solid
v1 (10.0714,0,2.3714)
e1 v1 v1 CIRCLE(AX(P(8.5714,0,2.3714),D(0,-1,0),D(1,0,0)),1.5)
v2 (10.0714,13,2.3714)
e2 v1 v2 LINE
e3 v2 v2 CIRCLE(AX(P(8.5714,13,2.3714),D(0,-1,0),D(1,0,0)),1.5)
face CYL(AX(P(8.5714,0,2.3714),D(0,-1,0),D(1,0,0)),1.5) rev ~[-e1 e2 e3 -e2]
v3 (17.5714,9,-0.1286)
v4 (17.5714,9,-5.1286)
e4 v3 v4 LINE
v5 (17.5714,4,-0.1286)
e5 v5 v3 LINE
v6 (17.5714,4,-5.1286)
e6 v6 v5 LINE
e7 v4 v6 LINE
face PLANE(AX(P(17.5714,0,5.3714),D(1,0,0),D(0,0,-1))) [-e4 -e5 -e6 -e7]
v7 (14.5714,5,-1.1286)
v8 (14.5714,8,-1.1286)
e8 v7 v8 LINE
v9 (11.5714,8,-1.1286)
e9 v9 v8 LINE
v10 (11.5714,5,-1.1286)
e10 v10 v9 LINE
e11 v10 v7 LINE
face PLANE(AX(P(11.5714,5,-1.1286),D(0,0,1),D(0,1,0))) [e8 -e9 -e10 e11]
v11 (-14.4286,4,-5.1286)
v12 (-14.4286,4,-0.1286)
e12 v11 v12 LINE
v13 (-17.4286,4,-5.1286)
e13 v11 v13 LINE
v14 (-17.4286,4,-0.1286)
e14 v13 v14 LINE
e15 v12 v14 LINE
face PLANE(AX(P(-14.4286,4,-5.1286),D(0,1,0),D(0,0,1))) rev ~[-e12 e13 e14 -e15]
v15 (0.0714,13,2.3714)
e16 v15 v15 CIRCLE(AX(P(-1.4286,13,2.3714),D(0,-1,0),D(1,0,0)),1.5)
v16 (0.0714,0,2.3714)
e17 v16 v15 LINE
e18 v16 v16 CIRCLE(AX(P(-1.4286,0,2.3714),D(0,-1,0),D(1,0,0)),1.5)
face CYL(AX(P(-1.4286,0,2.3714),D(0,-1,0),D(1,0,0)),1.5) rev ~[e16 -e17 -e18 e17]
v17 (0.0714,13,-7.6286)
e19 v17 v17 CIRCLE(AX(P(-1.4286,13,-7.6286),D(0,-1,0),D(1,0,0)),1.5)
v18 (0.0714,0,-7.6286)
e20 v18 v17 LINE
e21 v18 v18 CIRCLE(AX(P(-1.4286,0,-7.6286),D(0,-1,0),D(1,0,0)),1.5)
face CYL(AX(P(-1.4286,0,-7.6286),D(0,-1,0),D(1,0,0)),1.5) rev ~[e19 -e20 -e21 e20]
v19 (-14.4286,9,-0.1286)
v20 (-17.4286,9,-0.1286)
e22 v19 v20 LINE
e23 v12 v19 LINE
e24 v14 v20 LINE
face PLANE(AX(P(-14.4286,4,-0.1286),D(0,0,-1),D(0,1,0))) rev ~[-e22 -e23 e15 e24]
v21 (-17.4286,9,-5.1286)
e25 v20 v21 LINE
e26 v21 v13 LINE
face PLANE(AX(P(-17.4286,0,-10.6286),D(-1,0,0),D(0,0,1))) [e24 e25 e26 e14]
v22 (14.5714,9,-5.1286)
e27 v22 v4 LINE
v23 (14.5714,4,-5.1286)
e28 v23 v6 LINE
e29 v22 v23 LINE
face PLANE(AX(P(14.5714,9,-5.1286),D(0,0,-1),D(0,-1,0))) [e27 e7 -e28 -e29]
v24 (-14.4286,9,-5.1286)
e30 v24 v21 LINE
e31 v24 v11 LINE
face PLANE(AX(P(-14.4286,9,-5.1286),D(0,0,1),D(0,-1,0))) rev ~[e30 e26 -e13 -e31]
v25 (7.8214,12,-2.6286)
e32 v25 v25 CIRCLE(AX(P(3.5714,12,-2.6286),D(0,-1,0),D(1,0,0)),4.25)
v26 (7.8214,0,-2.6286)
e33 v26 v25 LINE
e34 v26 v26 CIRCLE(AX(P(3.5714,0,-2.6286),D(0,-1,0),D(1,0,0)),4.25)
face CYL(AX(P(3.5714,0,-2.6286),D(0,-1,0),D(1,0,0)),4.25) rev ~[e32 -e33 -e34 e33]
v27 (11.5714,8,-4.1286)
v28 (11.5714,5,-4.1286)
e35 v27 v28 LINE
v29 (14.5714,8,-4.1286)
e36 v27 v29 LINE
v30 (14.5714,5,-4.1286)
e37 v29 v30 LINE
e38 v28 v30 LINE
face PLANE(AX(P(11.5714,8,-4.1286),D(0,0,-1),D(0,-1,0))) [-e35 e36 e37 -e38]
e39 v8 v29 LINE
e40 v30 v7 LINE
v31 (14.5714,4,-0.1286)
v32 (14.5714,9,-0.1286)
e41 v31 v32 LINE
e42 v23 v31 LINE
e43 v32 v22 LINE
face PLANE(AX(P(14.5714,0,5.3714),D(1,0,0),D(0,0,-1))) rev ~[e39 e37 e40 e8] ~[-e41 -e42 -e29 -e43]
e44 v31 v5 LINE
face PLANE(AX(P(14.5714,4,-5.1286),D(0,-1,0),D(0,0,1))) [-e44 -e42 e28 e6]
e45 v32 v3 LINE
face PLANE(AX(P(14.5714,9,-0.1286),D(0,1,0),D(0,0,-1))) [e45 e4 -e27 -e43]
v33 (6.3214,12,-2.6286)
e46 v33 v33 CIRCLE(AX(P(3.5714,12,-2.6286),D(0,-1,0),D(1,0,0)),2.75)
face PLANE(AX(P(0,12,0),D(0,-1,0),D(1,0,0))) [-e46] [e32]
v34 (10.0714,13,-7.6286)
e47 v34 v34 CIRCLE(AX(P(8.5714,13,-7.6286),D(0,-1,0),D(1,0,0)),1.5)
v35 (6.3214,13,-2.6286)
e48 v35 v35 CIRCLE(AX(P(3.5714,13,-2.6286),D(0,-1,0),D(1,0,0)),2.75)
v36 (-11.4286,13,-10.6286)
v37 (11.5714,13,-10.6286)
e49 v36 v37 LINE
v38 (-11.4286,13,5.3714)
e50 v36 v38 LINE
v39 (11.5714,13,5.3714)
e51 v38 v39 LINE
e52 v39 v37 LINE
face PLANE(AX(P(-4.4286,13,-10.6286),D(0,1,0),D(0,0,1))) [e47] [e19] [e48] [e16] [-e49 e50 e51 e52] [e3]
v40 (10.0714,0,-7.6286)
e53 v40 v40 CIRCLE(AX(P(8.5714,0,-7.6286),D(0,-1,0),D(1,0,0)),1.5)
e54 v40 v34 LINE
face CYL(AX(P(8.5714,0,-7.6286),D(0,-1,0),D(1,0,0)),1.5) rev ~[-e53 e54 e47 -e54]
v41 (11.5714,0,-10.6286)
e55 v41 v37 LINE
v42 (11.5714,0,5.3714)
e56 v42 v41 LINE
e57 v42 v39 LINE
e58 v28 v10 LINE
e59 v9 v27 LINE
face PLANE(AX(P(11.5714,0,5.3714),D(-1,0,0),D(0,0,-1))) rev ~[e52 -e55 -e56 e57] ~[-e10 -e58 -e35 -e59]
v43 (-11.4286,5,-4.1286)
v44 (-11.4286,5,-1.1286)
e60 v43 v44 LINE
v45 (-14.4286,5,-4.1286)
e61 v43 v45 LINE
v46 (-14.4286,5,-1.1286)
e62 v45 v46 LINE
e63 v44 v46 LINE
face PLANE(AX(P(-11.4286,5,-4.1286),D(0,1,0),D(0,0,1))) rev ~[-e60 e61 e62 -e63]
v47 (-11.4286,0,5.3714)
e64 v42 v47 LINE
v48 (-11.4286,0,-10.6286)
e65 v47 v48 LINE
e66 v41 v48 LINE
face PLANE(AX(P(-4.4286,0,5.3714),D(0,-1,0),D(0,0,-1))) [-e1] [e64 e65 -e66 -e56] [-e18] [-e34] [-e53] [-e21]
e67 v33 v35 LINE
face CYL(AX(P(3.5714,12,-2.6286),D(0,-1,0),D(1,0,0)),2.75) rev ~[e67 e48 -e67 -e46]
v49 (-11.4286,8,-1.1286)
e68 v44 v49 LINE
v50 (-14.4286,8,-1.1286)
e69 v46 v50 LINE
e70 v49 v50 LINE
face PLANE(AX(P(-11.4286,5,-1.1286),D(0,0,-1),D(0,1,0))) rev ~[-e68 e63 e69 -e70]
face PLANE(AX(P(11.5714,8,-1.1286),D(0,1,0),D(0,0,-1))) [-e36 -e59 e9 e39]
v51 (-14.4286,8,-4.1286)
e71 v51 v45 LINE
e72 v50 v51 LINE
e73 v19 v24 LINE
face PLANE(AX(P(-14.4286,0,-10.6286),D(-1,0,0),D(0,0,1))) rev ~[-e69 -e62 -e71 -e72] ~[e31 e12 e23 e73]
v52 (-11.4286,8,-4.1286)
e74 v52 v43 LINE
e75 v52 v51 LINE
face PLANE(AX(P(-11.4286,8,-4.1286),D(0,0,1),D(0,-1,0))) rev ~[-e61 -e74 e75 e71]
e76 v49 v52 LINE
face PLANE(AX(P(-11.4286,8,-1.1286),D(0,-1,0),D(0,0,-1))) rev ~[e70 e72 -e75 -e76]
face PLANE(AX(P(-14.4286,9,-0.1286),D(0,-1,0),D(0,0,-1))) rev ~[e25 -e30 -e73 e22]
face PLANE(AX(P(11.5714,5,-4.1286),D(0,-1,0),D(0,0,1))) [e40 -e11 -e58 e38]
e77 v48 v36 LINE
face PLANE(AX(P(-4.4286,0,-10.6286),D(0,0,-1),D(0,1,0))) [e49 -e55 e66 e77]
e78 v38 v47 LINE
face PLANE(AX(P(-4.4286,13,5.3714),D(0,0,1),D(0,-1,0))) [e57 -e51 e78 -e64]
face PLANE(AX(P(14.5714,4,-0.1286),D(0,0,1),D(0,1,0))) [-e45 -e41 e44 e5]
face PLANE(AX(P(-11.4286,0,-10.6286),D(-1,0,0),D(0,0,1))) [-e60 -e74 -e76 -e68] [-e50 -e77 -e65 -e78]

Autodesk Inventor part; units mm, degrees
ref_plane "YZ Plane" through (0, 0, 0) normal (1, 0, 0) x (0, 1, 0)
ref_plane "XZ Plane" through (0, 0, 0) normal (0, 1, 0) x (-1, 0, 0)
ref_plane "XY Plane" through (0, 0, 0) normal (0, 0, 1) x (1, 0, 0)
sketch "Esquisse1" plane through (0, 0, 0) normal (0, 1, 0) x (-1, 0, 0)
  line L0 (4.4286, 5.3714) -> (-11.5714, 5.3714)
  line L1 (-11.5714, 5.3714) -> (-11.5714, -10.6286)
  line L2 (-11.5714, -10.6286) -> (4.4286, -10.6286)
  line L3 (4.4286, -10.6286) -> (4.4286, 5.3714)
  point P0 (0, 0)
  dimension "d0" = 16
  dimension "d1" = 16
extrude "Extrusion1" add sketch "Esquisse1" along normal blind 13
sketch "Esquisse2" plane through (0, 0, 0) normal (0, -1, 0) x (1, 0, 0)
  circle A0 centre (3.5714, -2.6286) radius 4.25
  line L0 (-4.4286, 5.3714) -> (11.5714, 5.3714) projected
  line L1 (11.5714, 5.3714) -> (11.5714, -10.6286) projected
  point P0 (0, 0)
  dimension "d4" = 8
  dimension "d5" = 8
  dimension "d6" = 8.5
extrude "Extrusion2" cut sketch "Esquisse2" against normal blind 12
sketch "Esquisse3" plane through (3.5714, 12, -2.6286) normal (0, -1, 0) x (1, 0, 0)
  circle A0 centre (0, 0) radius 2.75
  line L0 (8, -8) -> (-8, -8) projected
  line L1 (8, 8) -> (8, -8) projected
  point P0 (-3.5714, 2.6286)
  dimension "d9" = 5.5
  dimension "d10" = 8
  dimension "d11" = 8
extrude "Extrusion3" cut sketch "Esquisse3" against normal through all
sketch "Esquisse4" plane through (0, 0, 0) normal (0, -1, 0) x (1, 0, 0)
  circle A0 centre (8.5714, 2.3714) radius 1.5
  circle A1 centre (-1.4286, 2.3714) radius 1.5
  circle A2 centre (-1.4286, -7.6286) radius 1.5
  circle A3 centre (8.5714, -7.6286) radius 1.5
  line L0 (-4.4286, -10.6286) -> (-4.4286, 5.3714) projected
  line L1 (-4.4286, 5.3714) -> (11.5714, 5.3714) projected
  line L2 (11.5714, 5.3714) -> (11.5714, -10.6286) projected
  line L3 (11.5714, -10.6286) -> (-4.4286, -10.6286) projected
  point P0 (0, 0)
  dimension "d14" = 3
  dimension "d15" = 3
  dimension "d16" = 3
  dimension "d17" = 3
  dimension "d19" = 3
  dimension "d20" = 3
  dimension "d21" = 3
  dimension "d22" = 3
  dimension "d23" = 3
  dimension "d24" = 3
  dimension "d25" = 3
  dimension "d26" = 3
extrude "Extrusion4" cut sketch "Esquisse4" against normal through all contours A0 | A1 | A2 | A3
sketch "Esquisse6" plane through (11.5714, 0, 5.3714) normal (1, 0, 0) x (0, 0, -1)
  line L0 (6.5, 8) -> (9.5, 8)
  line L1 (9.5, 8) -> (9.5, 5)
  line L2 (9.5, 5) -> (6.5, 5)
  line L3 (6.5, 5) -> (6.5, 8)
  line L4 (0, 0) -> (0, 13) projected
  line L5 (0, 13) -> (16, 13) projected
  point P0 (5.3714, 0)
  dimension "d29" = 3
  dimension "d30" = 3
  dimension "d31" = 6.5
  dimension "d32" = 5
extrude "Extrusion5" add sketch "Esquisse6" along normal blind 3
sketch "Esquisse7" plane through (14.5714, 0, 5.3714) normal (1, 0, 0) x (0, 0, -1)
  line L0 (5.5, 9) -> (10.5, 9)
  line L1 (10.5, 9) -> (10.5, 4)
  line L2 (10.5, 4) -> (5.5, 4)
  line L3 (5.5, 4) -> (5.5, 9)
  line L4 (0, 13) -> (16, 13) projected
  line L5 (0, 0) -> (0, 13) projected
  point P0 (5.3714, 0)
  dimension "d35" = 5
  dimension "d36" = 5
  dimension "d37" = 4
  dimension "d38" = 5.5
extrude "Extrusion6" add sketch "Esquisse7" along normal blind 3
sketch "Esquisse8" plane through (-4.4286, 0, -10.6286) normal (-1, 0, 0) x (0, 0, 1)
  line L0 (0, 0) -> (0, 13) projected
  line L1 (0, 13) -> (16, 13)
  line L2 (16, 13) -> (16, 0)
  line L3 (16, 0) -> (0, 0)
  line L4 (0, 0) -> (0, 13)
  point P0 (10.6286, 0)
extrude "Extrusion7" add sketch "Esquisse8" along normal blind 7
sketch "Esquisse9" plane through (-11.4286, 0, -10.6286) normal (-1, 0, 0) x (0, 0, 1)
  line L0 (9.5, 8) -> (6.5, 8)
  line L1 (6.5, 8) -> (6.5, 5)
  line L2 (6.5, 5) -> (9.5, 5)
  line L3 (9.5, 5) -> (9.5, 8)
  line L4 (16, 0) -> (16, 13) projected
  line L5 (16, 13) -> (0, 13) projected
  point P0 (10.6286, 0)
  dimension "d43" = 6.5
  dimension "d44" = 5
  dimension "d45" = 3
  dimension "d46" = 3
extrude "Extrusion8" add sketch "Esquisse9" along normal blind 3
sketch "Esquisse10" plane through (-14.4286, 0, -10.6286) normal (-1, 0, 0) x (0, 0, 1)
  line L0 (10.5, 9) -> (5.5, 9)
  line L1 (5.5, 9) -> (5.5, 4)
  line L2 (5.5, 4) -> (10.5, 4)
  line L3 (10.5, 4) -> (10.5, 9)
  line L4 (16, 0) -> (16, 13) projected
  line L5 (0, 0) -> (16, 0) projected
  point P0 (10.6286, 0)
  dimension "d49" = 5.5
  dimension "d50" = 4
  dimension "d51" = 5
  dimension "d52" = 5
extrude "Extrusion9" add sketch "Esquisse10" along normal blind 3
properties part number "capuchon_roulement"
